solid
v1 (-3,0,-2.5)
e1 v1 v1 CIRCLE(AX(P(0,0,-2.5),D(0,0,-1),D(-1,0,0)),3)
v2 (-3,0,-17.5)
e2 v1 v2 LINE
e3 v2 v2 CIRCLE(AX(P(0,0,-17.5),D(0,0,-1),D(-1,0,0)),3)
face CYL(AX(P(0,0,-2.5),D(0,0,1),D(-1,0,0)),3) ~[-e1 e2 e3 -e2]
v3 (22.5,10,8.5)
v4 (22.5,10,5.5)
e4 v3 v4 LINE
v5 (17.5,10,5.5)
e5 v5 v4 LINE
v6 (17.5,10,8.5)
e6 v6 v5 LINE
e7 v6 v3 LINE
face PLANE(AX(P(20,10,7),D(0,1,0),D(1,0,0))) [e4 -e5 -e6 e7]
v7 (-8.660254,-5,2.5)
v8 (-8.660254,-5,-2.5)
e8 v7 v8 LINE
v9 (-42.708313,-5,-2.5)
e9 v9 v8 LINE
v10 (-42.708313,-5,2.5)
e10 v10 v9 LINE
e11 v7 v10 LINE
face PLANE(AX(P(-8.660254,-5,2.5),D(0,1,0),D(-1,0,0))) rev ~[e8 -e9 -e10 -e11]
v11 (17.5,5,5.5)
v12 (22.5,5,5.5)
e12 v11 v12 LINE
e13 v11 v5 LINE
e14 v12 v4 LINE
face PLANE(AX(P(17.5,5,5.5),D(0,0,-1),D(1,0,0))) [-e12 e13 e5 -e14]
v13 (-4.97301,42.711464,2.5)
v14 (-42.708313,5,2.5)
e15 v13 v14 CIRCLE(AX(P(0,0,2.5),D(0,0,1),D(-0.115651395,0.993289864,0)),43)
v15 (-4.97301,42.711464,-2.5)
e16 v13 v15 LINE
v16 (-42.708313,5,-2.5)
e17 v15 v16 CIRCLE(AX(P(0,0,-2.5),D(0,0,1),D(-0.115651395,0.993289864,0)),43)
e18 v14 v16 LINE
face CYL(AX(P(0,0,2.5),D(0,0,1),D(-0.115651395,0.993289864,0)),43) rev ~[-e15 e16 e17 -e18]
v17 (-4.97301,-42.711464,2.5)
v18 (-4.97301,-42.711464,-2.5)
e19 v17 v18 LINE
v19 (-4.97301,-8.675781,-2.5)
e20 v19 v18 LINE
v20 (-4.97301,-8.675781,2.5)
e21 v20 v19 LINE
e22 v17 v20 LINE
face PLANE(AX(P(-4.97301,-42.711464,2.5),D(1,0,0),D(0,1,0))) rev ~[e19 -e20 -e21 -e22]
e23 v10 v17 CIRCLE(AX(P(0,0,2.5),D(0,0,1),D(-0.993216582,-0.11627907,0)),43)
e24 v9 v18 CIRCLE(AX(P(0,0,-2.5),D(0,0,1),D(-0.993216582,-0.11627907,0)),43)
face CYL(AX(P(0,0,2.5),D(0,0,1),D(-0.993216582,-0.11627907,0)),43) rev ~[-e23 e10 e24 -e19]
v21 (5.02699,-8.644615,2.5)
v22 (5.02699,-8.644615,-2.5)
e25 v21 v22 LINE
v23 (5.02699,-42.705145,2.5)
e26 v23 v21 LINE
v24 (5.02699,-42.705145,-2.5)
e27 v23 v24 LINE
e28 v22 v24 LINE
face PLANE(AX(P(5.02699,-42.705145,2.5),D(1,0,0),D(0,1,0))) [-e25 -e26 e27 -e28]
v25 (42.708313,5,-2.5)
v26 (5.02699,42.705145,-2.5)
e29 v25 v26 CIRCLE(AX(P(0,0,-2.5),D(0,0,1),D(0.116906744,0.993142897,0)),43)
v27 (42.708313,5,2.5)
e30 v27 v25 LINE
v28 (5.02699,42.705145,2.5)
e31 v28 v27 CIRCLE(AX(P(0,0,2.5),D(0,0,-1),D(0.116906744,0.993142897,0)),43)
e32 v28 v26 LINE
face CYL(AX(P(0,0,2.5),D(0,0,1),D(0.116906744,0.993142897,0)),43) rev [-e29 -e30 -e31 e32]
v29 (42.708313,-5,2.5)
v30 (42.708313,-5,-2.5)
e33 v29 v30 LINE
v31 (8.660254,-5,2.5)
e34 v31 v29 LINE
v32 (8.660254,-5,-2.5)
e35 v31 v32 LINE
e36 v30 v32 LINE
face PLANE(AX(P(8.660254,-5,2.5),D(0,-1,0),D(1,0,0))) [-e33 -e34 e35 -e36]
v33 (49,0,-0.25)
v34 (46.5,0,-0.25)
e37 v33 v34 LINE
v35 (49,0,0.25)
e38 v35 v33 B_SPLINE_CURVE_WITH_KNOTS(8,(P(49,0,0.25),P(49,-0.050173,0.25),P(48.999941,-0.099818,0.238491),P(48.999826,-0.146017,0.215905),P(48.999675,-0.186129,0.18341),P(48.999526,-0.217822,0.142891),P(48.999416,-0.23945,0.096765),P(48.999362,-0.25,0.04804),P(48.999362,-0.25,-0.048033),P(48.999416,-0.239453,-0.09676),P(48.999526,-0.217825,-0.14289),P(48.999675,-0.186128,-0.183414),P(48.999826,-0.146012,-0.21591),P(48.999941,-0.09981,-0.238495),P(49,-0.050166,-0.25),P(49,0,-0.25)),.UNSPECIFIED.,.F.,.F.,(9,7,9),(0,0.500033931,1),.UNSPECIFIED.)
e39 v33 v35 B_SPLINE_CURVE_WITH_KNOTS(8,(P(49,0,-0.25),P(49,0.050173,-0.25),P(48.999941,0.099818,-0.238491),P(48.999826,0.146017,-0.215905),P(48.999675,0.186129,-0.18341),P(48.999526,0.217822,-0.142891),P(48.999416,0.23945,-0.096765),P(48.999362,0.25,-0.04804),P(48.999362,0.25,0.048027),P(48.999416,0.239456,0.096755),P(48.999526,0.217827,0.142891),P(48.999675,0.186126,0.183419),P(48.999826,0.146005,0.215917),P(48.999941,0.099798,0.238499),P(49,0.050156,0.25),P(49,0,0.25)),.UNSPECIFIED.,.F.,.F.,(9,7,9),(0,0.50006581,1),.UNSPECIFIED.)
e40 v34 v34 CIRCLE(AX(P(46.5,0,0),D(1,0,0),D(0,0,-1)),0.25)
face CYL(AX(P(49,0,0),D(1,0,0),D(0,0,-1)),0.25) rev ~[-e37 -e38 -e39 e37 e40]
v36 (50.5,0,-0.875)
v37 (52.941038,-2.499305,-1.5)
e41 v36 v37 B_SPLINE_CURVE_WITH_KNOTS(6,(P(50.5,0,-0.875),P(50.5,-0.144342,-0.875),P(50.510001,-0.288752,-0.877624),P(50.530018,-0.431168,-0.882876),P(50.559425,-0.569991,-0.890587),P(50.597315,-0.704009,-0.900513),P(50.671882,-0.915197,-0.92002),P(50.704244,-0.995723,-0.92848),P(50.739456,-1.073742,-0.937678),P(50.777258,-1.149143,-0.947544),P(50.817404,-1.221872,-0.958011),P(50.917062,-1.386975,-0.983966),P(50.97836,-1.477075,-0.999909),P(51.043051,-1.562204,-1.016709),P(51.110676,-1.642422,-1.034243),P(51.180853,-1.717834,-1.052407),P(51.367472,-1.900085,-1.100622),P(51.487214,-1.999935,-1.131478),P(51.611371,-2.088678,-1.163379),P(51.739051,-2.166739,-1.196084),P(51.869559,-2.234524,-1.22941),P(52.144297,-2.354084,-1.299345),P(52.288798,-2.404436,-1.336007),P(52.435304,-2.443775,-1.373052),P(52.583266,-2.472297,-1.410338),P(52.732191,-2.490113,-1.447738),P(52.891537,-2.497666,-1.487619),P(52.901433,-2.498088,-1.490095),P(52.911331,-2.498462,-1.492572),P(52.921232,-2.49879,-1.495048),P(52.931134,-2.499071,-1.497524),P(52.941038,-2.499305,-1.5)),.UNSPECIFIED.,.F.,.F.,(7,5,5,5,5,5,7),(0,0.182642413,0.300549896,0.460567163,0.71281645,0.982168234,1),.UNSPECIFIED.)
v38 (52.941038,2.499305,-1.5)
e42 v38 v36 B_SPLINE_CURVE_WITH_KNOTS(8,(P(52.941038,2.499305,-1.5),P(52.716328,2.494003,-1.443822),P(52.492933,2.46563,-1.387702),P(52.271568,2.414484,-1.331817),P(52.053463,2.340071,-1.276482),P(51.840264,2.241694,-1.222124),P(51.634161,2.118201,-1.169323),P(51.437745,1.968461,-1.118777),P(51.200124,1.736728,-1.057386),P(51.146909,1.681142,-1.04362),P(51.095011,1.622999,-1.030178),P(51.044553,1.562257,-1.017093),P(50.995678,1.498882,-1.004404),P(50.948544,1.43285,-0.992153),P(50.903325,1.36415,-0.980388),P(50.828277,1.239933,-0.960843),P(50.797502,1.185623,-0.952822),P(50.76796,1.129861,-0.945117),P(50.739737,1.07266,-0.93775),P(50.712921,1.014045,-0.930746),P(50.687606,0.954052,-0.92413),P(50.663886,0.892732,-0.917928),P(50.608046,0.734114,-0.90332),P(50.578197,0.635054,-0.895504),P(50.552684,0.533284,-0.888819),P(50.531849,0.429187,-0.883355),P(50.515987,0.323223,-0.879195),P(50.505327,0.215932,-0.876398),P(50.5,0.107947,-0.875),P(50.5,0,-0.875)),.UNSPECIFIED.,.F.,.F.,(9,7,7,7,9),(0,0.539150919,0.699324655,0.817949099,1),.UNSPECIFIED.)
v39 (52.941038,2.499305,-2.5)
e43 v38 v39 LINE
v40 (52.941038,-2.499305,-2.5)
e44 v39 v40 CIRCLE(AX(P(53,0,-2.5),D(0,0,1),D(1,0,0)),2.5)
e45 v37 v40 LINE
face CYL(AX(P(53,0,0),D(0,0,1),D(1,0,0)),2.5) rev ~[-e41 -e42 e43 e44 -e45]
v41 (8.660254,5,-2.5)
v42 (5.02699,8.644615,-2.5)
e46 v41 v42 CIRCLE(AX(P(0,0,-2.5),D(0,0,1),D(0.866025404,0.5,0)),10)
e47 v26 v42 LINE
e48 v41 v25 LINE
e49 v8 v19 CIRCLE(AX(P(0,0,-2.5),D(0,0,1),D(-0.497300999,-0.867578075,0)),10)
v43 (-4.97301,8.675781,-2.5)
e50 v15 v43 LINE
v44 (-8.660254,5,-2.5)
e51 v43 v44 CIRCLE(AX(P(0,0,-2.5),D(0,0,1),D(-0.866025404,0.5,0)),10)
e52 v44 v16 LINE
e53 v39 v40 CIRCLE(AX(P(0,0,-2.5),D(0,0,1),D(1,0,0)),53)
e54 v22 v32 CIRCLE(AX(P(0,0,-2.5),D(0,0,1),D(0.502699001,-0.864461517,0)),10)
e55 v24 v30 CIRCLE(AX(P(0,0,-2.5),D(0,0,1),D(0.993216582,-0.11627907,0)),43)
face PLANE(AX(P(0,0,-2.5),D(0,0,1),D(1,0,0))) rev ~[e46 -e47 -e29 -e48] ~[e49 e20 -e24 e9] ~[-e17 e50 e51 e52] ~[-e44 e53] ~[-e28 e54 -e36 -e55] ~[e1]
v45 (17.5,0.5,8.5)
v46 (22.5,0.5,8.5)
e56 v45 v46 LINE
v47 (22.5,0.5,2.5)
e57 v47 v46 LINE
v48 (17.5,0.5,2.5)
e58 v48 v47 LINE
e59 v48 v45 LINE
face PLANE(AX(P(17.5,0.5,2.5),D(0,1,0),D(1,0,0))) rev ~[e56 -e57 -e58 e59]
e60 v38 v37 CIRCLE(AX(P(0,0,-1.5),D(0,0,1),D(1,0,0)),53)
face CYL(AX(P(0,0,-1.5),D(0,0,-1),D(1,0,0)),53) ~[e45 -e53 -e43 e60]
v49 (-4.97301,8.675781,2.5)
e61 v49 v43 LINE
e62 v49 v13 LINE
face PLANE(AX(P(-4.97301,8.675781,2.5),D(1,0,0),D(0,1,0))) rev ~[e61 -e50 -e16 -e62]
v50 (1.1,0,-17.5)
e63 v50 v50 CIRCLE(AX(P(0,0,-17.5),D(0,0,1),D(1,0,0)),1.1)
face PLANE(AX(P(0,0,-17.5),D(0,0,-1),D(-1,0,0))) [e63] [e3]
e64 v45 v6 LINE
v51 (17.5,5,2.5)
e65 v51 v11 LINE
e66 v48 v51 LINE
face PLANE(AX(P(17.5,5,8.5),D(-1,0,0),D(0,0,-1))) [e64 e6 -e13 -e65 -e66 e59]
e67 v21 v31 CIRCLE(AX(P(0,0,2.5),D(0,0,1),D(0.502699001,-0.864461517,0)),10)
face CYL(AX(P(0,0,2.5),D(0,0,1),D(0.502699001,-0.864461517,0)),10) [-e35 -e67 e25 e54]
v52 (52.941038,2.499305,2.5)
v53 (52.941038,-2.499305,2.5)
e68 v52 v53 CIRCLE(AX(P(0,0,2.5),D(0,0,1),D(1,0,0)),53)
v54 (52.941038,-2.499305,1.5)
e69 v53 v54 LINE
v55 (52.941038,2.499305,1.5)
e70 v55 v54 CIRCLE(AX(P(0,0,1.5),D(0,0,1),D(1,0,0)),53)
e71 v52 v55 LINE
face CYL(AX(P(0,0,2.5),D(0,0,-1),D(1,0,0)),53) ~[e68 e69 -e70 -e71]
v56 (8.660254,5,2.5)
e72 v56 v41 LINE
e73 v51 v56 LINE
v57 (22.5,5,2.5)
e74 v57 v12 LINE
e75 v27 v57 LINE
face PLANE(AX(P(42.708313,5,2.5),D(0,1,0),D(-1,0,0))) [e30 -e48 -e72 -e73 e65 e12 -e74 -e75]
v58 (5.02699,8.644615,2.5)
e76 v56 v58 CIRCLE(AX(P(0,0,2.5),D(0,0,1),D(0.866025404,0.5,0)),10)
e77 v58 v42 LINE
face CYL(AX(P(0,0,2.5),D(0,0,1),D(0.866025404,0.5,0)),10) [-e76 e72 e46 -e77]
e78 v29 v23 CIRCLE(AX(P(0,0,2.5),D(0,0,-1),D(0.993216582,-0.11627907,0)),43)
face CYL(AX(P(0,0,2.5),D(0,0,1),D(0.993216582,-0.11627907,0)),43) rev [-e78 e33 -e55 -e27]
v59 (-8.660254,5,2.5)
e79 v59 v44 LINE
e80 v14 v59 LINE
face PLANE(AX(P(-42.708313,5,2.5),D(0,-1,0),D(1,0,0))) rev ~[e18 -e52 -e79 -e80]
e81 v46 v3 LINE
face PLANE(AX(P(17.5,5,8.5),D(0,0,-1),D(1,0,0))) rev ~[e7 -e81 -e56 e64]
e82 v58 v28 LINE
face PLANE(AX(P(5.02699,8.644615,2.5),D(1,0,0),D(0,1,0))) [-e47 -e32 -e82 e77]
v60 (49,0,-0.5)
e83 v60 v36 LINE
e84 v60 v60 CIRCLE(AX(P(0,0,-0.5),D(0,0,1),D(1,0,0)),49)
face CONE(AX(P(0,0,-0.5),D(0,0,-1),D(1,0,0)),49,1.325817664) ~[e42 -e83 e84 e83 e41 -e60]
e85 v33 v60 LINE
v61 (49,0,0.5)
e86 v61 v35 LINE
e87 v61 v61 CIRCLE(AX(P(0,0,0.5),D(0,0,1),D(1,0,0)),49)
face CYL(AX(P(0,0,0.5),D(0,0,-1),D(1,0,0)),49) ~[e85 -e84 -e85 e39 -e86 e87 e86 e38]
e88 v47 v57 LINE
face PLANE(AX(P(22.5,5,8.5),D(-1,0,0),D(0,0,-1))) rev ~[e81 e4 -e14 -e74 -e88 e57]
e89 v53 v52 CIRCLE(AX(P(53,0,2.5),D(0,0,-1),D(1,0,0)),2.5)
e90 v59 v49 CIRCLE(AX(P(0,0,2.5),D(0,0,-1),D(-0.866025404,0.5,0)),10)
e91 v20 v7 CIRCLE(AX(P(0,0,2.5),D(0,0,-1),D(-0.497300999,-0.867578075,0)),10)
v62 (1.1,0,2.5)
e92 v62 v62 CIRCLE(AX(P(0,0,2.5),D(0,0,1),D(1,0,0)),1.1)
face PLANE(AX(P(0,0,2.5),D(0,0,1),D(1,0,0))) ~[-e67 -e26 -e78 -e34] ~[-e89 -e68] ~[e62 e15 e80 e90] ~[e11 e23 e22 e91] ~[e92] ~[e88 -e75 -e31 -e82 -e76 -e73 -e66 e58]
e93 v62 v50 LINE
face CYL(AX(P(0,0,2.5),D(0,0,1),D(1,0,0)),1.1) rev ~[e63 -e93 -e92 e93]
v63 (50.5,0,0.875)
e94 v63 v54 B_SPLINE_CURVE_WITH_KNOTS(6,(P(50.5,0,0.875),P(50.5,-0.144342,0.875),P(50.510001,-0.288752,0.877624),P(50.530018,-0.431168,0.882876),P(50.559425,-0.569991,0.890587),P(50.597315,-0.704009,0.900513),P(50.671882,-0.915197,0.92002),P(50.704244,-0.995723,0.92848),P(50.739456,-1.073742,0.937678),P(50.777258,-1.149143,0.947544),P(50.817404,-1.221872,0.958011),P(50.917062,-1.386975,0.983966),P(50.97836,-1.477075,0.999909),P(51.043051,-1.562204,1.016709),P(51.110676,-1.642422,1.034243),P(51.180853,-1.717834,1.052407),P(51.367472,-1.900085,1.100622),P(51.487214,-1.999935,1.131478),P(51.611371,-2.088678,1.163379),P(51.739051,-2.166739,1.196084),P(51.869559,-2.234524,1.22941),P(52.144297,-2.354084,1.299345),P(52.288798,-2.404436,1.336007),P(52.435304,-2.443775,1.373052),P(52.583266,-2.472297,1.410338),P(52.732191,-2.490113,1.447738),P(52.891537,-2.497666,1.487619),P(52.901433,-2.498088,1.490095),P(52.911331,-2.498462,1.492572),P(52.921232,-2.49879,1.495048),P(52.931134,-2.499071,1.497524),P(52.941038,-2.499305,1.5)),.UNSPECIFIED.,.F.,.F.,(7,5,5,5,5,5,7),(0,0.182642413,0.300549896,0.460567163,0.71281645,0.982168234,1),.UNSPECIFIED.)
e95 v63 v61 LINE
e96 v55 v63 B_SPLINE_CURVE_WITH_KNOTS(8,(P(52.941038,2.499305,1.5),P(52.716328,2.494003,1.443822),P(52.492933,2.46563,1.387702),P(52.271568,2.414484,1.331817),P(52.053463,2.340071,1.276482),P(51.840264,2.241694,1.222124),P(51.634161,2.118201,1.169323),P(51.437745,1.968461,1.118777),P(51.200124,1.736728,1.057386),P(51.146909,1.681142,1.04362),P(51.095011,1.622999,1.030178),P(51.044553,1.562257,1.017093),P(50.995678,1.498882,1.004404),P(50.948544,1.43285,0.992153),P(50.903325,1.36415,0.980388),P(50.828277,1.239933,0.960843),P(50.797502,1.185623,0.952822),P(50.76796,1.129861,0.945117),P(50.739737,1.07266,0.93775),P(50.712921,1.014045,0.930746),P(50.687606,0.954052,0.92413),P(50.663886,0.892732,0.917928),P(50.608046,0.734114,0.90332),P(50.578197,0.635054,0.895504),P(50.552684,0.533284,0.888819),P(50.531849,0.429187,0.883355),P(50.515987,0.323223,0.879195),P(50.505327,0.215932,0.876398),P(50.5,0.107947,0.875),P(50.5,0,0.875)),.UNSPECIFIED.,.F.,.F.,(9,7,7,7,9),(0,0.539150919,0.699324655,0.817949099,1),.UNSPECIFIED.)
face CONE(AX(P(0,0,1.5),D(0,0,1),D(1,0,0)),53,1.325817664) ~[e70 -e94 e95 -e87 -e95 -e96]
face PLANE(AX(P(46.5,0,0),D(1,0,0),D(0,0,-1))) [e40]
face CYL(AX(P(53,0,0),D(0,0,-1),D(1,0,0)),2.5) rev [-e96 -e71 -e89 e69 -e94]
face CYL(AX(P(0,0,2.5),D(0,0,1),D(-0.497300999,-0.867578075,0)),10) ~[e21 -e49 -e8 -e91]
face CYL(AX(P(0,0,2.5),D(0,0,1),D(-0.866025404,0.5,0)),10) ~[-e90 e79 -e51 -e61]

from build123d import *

# Parameters (mm, degrees)
CUT_EXTRUDE2_REACH      = 7
SKETCH6_W               = 5
SKETCH6_H               = 4.5
BOSS_EXTRUDE1_DEPTH     = 6
SKETCH7_W               = 5
SKETCH7_H               = 3
BOSS_EXTRUDE2_DEPTH     = 5
SKETCH23_R              = 3
BOSS_EXTRUDE5_DEPTH     = 15
SKETCH5_R               = 1.1
CUT_EXTRUDE3_DEPTH      = 7
CUT_EXTRUDE3_DEPTH_BACK = 21
SKETCH22_R              = 2.5
CUT_EXTRUDE4_DEPTH      = 9.5
CUT_EXTRUDE4_DEPTH_BACK = 18.5
SKETCH21_R              = 0.25
CUT_EXTRUDE5_DEPTH      = 2.5


with BuildPart() as part:
    # Sketch2 → Revolve1 (revolve)
    with BuildSketch(Plane(origin=(0, 0, 0), x_dir=(1, 0, 0), z_dir=(0, 1, 0))):
        Polygon((53, -1.5), (49, -0.5), (49, 0.5), (53, 1.5), (53, 2.5), (50, 2.5), (0, 2.5), (0, -2.5), (50, -2.5), (53, -2.5), align=None)
    revolve(axis=Axis((0, 0, -2.5), (0, 0, 1)))

    # Sketch4 → Cut-Extrude2 (cut, up to next)
    with BuildSketch(Plane.XY.offset(2.5), mode=Mode.PRIVATE) as cut_extrude2_sk1:
        with BuildLine():
            Line((5.026990014, 8.644615168), (5.026990014, 42.705144554))
            ThreePointArc((5.026990014, 42.705144554), (30.415198012, 30.395982134), (42.708313008, 5))
            Line((42.708313008, 5), (8.660254038, 5))
            ThreePointArc((8.660254038, 5), (7.082087783, 7.06003064), (5.026990014, 8.644615168))
        make_face()
    cut_extrude2_tool1 = extrude(cut_extrude2_sk1.sketch, amount=-CUT_EXTRUDE2_REACH, mode=Mode.PRIVATE) & part.part
    add(cut_extrude2_tool1.solids().sort_by_distance((20.56337, 20.545095, 2.5))[0], mode=Mode.SUBTRACT)
    # Sketch4 → Cut-Extrude2 (cut, up to next)
    with BuildSketch(Plane.XY.offset(2.5), mode=Mode.PRIVATE) as cut_extrude2_sk2:
        with BuildLine():
            Line((-4.973009986, -42.711464172), (-4.973009986, -8.675780754))
            ThreePointArc((-4.973009986, -8.675780754), (-7.060050497, -7.082067988), (-8.660254038, -5))
            Line((-8.660254038, -5), (-42.708313008, -5))
            ThreePointArc((-42.708313008, -5), (-30.395982845, -30.415197302), (-4.973009986, -42.711464172))
        make_face()
    cut_extrude2_tool2 = extrude(cut_extrude2_sk2.sketch, amount=-CUT_EXTRUDE2_REACH, mode=Mode.PRIVATE) & part.part
    add(cut_extrude2_tool2.solids().sort_by_distance((-20.535898, -20.554166, 2.5))[0], mode=Mode.SUBTRACT)
    # Sketch4 → Cut-Extrude2 (cut, up to next)
    with BuildSketch(Plane.XY.offset(2.5), mode=Mode.PRIVATE) as cut_extrude2_sk3:
        with BuildLine():
            Line((5.026990014, -42.705144554), (5.026990014, -8.644615168))
            ThreePointArc((5.026990014, -8.644615168), (7.082087783, -7.06003064), (8.660254038, -5))
            Line((8.660254038, -5), (42.708313008, -5))
            ThreePointArc((42.708313008, -5), (30.415198012, -30.395982134), (5.026990014, -42.705144554))
        make_face()
    cut_extrude2_tool3 = extrude(cut_extrude2_sk3.sketch, amount=-CUT_EXTRUDE2_REACH, mode=Mode.PRIVATE) & part.part
    add(cut_extrude2_tool3.solids().sort_by_distance((20.56337, -20.545095, 2.5))[0], mode=Mode.SUBTRACT)
    # Sketch4 → Cut-Extrude2 (cut, up to next)
    with BuildSketch(Plane.XY.offset(2.5), mode=Mode.PRIVATE) as cut_extrude2_sk4:
        with BuildLine():
            Line((-42.708313008, 5), (-8.660254038, 5))
            ThreePointArc((-8.660254038, 5), (-7.060050497, 7.082067988), (-4.973009986, 8.675780754))
            Line((-4.973009986, 8.675780754), (-4.973009986, 42.711464172))
            ThreePointArc((-4.973009986, 42.711464172), (-30.395982845, 30.415197302), (-42.708313008, 5))
        make_face()
    cut_extrude2_tool4 = extrude(cut_extrude2_sk4.sketch, amount=-CUT_EXTRUDE2_REACH, mode=Mode.PRIVATE) & part.part
    add(cut_extrude2_tool4.solids().sort_by_distance((-20.535898, 20.554166, 2.5))[0], mode=Mode.SUBTRACT)

    # Sketch6 → Boss-Extrude1 (add)
    with BuildSketch(Plane.XY.offset(2.5)):
        with Locations((20, 2.75)):
            Rectangle(SKETCH6_W, SKETCH6_H)
    extrude(amount=BOSS_EXTRUDE1_DEPTH)

    # Sketch7 → Boss-Extrude2 (add)
    with BuildSketch(Plane(origin=(0, 5, 0), x_dir=(1, 0, 0), z_dir=(0, 1, 0))):
        with Locations((20, -7)):
            Rectangle(SKETCH7_W, SKETCH7_H)
    extrude(amount=BOSS_EXTRUDE2_DEPTH)

    # Sketch23 → Boss-Extrude5 (add)
    with BuildSketch(Plane(origin=(0, 0, -2.5), x_dir=(-1, 0, 0), z_dir=(0, 0, -1))):
        Circle(SKETCH23_R)
    extrude(amount=BOSS_EXTRUDE5_DEPTH)

    # Sketch5 → Cut-Extrude3 (cut, two sides)
    with BuildSketch(Plane.XY.offset(2.5)) as cut_extrude3_sk:
        Circle(SKETCH5_R)
    extrude(amount=CUT_EXTRUDE3_DEPTH, mode=Mode.SUBTRACT)
    extrude(cut_extrude3_sk.sketch, amount=-CUT_EXTRUDE3_DEPTH_BACK, mode=Mode.SUBTRACT)

    # Sketch22 → Cut-Extrude4 (cut, two sides)
    with BuildSketch(Plane.XY) as cut_extrude4_sk:
        with Locations((53, 0)):
            Circle(SKETCH22_R)
    extrude(amount=CUT_EXTRUDE4_DEPTH, mode=Mode.SUBTRACT)
    extrude(cut_extrude4_sk.sketch, amount=-CUT_EXTRUDE4_DEPTH_BACK, mode=Mode.SUBTRACT)

    # Sketch21 → Cut-Extrude5 (cut)
    with BuildSketch(Plane(origin=(49, 0, 0), x_dir=(0, 0, -1), z_dir=(1, 0, 0))):
        Circle(SKETCH21_R)
    extrude(amount=-CUT_EXTRUDE5_DEPTH, mode=Mode.SUBTRACT)


solid = part.part
